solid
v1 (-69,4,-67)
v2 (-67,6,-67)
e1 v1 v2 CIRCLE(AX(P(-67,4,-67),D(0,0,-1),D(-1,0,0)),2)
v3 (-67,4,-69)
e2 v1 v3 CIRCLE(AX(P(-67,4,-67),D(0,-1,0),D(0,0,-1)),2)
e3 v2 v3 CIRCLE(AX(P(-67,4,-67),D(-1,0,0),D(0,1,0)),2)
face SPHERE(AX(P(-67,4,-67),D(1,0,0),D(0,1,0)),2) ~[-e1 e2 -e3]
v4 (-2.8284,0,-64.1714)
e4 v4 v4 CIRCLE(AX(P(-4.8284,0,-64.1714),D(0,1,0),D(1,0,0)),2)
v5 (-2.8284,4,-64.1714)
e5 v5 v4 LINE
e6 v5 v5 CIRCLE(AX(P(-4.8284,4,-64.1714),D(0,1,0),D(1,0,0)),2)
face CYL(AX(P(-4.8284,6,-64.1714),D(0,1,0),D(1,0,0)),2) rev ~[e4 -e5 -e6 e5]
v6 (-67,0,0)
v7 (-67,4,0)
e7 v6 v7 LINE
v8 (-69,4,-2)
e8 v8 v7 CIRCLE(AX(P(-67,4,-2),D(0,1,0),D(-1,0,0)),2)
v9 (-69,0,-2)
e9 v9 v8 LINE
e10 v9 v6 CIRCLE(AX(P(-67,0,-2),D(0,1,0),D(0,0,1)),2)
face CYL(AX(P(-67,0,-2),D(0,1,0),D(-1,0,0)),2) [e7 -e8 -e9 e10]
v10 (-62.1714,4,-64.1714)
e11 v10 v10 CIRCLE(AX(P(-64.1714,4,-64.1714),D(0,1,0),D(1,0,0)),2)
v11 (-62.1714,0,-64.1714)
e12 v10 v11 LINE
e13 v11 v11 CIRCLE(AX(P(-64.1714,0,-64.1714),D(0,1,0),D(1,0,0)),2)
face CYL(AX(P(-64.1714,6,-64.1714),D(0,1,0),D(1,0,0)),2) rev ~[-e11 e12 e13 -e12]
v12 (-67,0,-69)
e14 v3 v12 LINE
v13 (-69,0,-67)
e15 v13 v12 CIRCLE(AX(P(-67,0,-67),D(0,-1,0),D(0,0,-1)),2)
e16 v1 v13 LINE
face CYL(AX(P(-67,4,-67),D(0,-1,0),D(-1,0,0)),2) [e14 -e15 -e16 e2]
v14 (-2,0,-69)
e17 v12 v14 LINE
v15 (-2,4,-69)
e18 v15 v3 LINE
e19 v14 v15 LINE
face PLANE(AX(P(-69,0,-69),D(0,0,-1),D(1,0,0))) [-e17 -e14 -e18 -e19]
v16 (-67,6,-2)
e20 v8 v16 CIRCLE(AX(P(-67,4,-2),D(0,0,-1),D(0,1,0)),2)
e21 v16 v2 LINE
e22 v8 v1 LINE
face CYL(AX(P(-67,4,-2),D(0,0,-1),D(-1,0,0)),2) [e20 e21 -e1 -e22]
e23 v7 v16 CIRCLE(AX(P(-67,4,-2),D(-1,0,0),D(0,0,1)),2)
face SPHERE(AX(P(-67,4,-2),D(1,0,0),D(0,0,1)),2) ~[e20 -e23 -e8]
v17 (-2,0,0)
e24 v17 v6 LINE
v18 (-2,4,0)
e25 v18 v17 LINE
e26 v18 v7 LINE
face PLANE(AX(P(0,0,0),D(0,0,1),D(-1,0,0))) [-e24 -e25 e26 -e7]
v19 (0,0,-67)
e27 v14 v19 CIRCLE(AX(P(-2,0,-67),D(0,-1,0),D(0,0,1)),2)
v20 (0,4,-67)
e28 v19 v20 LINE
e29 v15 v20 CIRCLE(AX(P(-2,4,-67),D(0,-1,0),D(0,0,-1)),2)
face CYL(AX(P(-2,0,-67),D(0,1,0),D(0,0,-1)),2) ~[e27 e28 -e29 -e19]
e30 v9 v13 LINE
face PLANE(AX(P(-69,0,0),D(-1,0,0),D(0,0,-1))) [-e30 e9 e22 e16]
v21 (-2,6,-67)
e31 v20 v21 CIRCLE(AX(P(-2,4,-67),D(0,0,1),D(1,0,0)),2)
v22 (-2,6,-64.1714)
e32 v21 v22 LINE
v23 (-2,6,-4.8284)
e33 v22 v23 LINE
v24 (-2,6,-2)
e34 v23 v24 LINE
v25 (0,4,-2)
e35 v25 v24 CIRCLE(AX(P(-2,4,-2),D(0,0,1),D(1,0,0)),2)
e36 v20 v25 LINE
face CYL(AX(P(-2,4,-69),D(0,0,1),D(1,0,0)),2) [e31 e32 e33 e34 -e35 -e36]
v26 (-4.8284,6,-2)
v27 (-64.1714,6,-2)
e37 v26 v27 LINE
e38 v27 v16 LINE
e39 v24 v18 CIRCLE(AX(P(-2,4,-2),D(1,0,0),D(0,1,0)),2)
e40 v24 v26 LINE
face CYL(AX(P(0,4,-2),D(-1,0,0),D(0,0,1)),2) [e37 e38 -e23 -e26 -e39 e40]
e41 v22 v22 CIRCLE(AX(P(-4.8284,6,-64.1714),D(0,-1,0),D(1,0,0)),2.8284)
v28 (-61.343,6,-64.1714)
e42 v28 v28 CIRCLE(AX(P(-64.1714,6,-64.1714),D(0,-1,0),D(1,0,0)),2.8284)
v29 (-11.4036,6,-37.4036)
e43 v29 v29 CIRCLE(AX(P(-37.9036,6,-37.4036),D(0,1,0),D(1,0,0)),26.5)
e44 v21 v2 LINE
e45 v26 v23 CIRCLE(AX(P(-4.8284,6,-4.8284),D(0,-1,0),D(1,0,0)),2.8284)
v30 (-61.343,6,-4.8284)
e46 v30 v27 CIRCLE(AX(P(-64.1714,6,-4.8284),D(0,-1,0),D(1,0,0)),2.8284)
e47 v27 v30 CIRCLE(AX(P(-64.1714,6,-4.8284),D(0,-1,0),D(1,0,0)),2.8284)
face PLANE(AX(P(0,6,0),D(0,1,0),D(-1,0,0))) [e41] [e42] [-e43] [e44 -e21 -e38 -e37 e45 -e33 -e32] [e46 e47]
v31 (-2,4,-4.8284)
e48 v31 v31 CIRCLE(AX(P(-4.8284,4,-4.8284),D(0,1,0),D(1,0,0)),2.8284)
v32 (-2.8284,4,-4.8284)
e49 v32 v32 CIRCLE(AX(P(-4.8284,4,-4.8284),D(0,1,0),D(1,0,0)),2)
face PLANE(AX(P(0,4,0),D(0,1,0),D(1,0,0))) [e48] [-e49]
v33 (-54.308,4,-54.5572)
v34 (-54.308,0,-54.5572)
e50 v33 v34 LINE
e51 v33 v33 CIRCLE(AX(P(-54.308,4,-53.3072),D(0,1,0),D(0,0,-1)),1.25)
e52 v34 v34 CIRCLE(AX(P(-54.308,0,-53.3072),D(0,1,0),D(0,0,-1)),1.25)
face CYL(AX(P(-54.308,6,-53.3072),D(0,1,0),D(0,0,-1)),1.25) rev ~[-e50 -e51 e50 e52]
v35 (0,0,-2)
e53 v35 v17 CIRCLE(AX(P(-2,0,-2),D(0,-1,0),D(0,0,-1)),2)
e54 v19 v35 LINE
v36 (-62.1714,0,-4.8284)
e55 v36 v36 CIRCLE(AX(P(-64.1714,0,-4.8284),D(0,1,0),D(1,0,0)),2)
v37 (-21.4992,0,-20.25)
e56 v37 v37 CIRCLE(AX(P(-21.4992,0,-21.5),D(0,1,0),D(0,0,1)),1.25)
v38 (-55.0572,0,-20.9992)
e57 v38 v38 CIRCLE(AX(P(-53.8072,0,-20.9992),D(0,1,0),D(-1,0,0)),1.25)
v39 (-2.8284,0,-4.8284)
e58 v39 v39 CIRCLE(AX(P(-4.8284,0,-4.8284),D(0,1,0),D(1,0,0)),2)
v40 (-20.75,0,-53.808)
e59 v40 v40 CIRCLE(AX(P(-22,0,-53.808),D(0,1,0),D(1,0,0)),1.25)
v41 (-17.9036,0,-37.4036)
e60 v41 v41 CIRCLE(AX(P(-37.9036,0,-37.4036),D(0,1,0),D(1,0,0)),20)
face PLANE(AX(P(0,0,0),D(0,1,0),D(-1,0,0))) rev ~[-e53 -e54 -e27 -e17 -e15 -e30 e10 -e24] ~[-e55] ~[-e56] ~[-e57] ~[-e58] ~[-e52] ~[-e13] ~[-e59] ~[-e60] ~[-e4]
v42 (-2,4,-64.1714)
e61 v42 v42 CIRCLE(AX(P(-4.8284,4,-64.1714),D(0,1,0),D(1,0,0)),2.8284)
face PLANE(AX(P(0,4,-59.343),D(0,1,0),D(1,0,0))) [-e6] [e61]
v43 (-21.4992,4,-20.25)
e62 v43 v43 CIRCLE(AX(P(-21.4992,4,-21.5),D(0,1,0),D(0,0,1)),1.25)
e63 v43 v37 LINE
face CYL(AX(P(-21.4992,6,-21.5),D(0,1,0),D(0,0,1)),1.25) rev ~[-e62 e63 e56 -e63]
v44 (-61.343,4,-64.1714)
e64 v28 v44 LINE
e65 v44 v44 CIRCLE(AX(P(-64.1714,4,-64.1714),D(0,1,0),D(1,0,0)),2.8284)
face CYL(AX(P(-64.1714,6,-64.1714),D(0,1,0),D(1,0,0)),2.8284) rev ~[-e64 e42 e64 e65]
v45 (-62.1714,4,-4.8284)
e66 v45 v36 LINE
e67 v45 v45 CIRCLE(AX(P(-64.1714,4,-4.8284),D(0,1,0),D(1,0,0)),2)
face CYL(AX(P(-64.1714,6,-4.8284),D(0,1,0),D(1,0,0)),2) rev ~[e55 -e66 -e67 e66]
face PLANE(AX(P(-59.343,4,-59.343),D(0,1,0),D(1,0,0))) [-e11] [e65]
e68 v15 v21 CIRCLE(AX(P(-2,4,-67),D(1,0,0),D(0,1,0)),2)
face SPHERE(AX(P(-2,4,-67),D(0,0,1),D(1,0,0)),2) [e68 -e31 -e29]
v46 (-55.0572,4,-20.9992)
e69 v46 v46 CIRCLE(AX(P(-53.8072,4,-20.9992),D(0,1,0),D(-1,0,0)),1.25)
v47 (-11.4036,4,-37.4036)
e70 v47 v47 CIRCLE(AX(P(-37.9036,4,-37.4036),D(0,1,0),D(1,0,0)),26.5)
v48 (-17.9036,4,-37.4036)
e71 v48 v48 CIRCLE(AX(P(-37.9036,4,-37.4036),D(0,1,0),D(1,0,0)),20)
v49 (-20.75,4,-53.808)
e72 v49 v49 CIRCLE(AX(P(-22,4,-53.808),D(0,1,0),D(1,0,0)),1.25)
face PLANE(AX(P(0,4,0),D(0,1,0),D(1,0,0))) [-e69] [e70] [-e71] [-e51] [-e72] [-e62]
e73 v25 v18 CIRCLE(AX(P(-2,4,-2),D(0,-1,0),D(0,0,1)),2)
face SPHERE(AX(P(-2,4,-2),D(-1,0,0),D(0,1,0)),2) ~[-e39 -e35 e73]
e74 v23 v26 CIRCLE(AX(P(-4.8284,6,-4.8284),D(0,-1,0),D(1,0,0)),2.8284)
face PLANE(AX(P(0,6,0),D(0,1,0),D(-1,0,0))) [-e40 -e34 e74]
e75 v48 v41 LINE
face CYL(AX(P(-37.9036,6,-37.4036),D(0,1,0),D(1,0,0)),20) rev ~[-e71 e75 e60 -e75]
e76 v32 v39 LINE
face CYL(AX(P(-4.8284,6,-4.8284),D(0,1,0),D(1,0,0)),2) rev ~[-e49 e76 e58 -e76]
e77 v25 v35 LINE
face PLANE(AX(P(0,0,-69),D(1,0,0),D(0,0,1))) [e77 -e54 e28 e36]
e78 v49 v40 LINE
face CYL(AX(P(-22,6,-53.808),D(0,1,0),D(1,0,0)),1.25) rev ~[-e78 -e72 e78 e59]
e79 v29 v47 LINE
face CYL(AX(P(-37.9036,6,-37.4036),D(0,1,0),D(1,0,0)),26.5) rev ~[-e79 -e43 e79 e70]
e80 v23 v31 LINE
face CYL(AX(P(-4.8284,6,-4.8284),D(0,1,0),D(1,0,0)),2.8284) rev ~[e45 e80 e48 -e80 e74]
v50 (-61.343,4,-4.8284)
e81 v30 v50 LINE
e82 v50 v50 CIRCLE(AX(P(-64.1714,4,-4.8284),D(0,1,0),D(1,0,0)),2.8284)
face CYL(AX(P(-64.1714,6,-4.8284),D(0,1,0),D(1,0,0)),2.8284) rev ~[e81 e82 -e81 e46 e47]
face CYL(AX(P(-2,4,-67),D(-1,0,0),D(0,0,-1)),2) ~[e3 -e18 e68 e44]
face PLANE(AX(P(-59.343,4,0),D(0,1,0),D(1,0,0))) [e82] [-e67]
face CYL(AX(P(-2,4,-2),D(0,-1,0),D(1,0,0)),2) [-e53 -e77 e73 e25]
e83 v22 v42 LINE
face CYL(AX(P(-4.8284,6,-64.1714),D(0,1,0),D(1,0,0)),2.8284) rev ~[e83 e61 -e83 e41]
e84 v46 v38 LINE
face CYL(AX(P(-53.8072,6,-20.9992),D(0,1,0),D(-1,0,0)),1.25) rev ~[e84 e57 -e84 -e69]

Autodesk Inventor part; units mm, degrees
ref_plane "YZ Plane" through (0, 0, 0) normal (1, 0, 0) x (0, 1, 0)
ref_plane "XZ Plane" through (0, 0, 0) normal (0, 1, 0) x (-1, 0, 0)
ref_plane "XY Plane" through (0, 0, 0) normal (0, 0, 1) x (1, 0, 0)
sketch "Sketch1" plane through (0, 0, 0) normal (0, 1, 0) x (-1, 0, 0)
  line L0 (0, 0) -> (69, 0)
  line L1 (69, 0) -> (69, -69)
  line L2 (69, -69) -> (0, -69)
  line L3 (0, -69) -> (0, 0)
  dimension "d0" = 69
  dimension "d1" = 69
extrude "Extrusion1" add sketch "Sketch1" along normal blind 6
sketch "Sketch2" plane through (0, 6, 0) normal (0, 1, 0) x (1, 0, 0)
  line L0 (0, 0) -> (0, 69) construction
  line L1 (0, 69) -> (-69, 69) construction
  line L2 (0, 0) -> (-69, 69) construction
  line L3 (-69, 69) -> (-69, 0) construction
  line L4 (-69.6585, 0.6585) -> (-0.6585, 69.6585) construction
  circle A0 centre (-37.9036, 37.4036) radius 20
  line L5 (-61.9507, 69) -> (-61.9507, 54) construction
  line L6 (-37.9036, 17.4036) -> (-58.9036, 17.4036) construction
  line L7 (-58.9036, 17.4036) -> (-17.4036, 17.4036) construction
  line L8 (-58.4036, 17.4036) -> (-58.4036, 58.5866) construction
  line L9 (-58.4036, 58.5866) -> (-17.4036, 58.5866) construction
  line L10 (-17.4036, 58.5866) -> (-17.4036, 17.4036) construction
  line L11 (-69, 69) -> (-69, 0) construction
  line L12 (-69, 54) -> (-54, 54) construction
  line L13 (-69, 69) -> (-37.9036, 37.9036)
  dimension "d4" = 40
  dimension "d55" = 15
  dimension "d65" = 43.977
extrude "Extrusion2" cut sketch "Sketch2" against normal blind 6
fillet "Fillet1" radius 2 1 edges at (-34.5, 6, 0)
fillet "Fillet2" radius 2 3 edges at (0, 6, -35.5) (0, 5.4142, -0.5858) (0, 2, 0)
fillet "Fillet3" radius 2 3 edges at (-0.5858, 5.4142, -69) (0, 2, -69) (-35.5, 6, -69)
fillet "Fillet4" radius 2 5 edges at (-69, 5.4142, -0.5858) (-69, 2, 0) (-69, 5.4142, -68.4142) (-69, 2, -69) (-69, 6, -34.5)
sketch "Sketch3" plane through (0, 6, 0) normal (0, 1, 0) x (1, 0, 0)
  line L0 (-67, 69) -> (-67, 67) construction
  line L1 (-2, 2) -> (-67, 2) construction
  line L2 (-67, 67) -> (-2, 67) construction
  line L3 (-67, 2) -> (-67, 67) construction
  circle A0 centre (-22, 53.808) radius 1.25
  line L4 (-69, 67) -> (-69, 2) construction
  circle A1 centre (-37.9036, 37.4036) radius 20 construction
  line L5 (-17.9036, 37.4036) -> (-17.9036, 58.4036) construction
  line L6 (-22, 53.808) -> (-54, 53.808) construction
  line L7 (-22, 21.808) -> (-54, 21.808) construction
  line L8 (-54, 21.808) -> (-54, 53.808) construction
  line L9 (-22, 53.808) -> (-22, 21.808) construction
  line L10 (-22, 53.808) -> (-54, 21.808) construction
  line L11 (-69, 59.0495) -> (-54, 59.0495) construction
  line L12 (-54, 69) -> (-54, 53.808) construction
  point P0 (0, 0)
  dimension "d14" = 2.5
  dimension "d63" = 32
  dimension "d64" = 15
extrude "Extrusion3" cut sketch "Sketch3" against normal blind 10
pattern_circular "Circular Pattern1" count 4 over 360 about axis through (-37.9036, 6, -37.4036) along (0, -1, 0) of "Extrusion3"
sketch "Sketch6" plane through (0, 6, 0) normal (0, 1, 0) x (1, 0, 0)
  line L0 (-2, 67) -> (-2, 2) projected
  arc A0 (-2, 0) -> (0, 2) centre (-2, 2) ccw projected
  line L1 (0, 2) -> (-2, 2) projected
  line L2 (0, 0) -> (-2, 2)
  line L3 (-0.5858, 0.5858) -> (-4.8284, 4.8284) construction
  circle A1 centre (-4.8284, 4.8284) radius 2
  dimension "d52" = 6
  dimension "d53" = 4
extrude "Extrusion5" cut sketch "Sketch6" against normal blind 18.75 contours A1
pattern_linear "Rectangular Pattern1" count 2 spacing 59.343 along (0, 0, -1) count 2 spacing 59.343 along (-1, 0, 0) of "Extrusion5"
sketch "Sketch8" plane through (0, 6, 0) normal (0, 1, 0) x (1, 0, 0)
  line L0 (-2, 2) -> (-67, 2) projected
  circle A0 centre (-4.8284, 4.8284) radius 2 construction
  line L1 (-4.8284, 4.8284) -> (-2, 2) construction
  circle A1 centre (-4.8284, 4.8284) radius 2.8284 construction
  circle A2 centre (-4.8284, 4.8284) radius 2.8284
  circle A3 centre (-4.8284, 4.8284) radius 2
  point P0 (0, 0)
  point P1 (-4.1213, 4.1213)
extrude "Extrusion6" cut sketch "Sketch8" against normal blind 2 contours A2 | A3
pattern_linear "Rectangular Pattern2" count 2 spacing 59.343 along (-1, 0, 0) count 2 spacing 59.343 along (0, 0, -1) of "Extrusion6"
sketch "Sketch9" plane through (0, 6, 0) normal (0, 1, 0) x (1, 0, 0)
  circle A0 centre (-37.9036, 37.4036) radius 20 projected
  circle A1 centre (-37.9036, 37.4036) radius 26.5
  point P0 (0, 0)
  dimension "d59" = 53
extrude "Extrusion7" cut sketch "Sketch9" against normal blind 2
equation "\"d0\" = d1"
properties part number "joystickBOXtop"
